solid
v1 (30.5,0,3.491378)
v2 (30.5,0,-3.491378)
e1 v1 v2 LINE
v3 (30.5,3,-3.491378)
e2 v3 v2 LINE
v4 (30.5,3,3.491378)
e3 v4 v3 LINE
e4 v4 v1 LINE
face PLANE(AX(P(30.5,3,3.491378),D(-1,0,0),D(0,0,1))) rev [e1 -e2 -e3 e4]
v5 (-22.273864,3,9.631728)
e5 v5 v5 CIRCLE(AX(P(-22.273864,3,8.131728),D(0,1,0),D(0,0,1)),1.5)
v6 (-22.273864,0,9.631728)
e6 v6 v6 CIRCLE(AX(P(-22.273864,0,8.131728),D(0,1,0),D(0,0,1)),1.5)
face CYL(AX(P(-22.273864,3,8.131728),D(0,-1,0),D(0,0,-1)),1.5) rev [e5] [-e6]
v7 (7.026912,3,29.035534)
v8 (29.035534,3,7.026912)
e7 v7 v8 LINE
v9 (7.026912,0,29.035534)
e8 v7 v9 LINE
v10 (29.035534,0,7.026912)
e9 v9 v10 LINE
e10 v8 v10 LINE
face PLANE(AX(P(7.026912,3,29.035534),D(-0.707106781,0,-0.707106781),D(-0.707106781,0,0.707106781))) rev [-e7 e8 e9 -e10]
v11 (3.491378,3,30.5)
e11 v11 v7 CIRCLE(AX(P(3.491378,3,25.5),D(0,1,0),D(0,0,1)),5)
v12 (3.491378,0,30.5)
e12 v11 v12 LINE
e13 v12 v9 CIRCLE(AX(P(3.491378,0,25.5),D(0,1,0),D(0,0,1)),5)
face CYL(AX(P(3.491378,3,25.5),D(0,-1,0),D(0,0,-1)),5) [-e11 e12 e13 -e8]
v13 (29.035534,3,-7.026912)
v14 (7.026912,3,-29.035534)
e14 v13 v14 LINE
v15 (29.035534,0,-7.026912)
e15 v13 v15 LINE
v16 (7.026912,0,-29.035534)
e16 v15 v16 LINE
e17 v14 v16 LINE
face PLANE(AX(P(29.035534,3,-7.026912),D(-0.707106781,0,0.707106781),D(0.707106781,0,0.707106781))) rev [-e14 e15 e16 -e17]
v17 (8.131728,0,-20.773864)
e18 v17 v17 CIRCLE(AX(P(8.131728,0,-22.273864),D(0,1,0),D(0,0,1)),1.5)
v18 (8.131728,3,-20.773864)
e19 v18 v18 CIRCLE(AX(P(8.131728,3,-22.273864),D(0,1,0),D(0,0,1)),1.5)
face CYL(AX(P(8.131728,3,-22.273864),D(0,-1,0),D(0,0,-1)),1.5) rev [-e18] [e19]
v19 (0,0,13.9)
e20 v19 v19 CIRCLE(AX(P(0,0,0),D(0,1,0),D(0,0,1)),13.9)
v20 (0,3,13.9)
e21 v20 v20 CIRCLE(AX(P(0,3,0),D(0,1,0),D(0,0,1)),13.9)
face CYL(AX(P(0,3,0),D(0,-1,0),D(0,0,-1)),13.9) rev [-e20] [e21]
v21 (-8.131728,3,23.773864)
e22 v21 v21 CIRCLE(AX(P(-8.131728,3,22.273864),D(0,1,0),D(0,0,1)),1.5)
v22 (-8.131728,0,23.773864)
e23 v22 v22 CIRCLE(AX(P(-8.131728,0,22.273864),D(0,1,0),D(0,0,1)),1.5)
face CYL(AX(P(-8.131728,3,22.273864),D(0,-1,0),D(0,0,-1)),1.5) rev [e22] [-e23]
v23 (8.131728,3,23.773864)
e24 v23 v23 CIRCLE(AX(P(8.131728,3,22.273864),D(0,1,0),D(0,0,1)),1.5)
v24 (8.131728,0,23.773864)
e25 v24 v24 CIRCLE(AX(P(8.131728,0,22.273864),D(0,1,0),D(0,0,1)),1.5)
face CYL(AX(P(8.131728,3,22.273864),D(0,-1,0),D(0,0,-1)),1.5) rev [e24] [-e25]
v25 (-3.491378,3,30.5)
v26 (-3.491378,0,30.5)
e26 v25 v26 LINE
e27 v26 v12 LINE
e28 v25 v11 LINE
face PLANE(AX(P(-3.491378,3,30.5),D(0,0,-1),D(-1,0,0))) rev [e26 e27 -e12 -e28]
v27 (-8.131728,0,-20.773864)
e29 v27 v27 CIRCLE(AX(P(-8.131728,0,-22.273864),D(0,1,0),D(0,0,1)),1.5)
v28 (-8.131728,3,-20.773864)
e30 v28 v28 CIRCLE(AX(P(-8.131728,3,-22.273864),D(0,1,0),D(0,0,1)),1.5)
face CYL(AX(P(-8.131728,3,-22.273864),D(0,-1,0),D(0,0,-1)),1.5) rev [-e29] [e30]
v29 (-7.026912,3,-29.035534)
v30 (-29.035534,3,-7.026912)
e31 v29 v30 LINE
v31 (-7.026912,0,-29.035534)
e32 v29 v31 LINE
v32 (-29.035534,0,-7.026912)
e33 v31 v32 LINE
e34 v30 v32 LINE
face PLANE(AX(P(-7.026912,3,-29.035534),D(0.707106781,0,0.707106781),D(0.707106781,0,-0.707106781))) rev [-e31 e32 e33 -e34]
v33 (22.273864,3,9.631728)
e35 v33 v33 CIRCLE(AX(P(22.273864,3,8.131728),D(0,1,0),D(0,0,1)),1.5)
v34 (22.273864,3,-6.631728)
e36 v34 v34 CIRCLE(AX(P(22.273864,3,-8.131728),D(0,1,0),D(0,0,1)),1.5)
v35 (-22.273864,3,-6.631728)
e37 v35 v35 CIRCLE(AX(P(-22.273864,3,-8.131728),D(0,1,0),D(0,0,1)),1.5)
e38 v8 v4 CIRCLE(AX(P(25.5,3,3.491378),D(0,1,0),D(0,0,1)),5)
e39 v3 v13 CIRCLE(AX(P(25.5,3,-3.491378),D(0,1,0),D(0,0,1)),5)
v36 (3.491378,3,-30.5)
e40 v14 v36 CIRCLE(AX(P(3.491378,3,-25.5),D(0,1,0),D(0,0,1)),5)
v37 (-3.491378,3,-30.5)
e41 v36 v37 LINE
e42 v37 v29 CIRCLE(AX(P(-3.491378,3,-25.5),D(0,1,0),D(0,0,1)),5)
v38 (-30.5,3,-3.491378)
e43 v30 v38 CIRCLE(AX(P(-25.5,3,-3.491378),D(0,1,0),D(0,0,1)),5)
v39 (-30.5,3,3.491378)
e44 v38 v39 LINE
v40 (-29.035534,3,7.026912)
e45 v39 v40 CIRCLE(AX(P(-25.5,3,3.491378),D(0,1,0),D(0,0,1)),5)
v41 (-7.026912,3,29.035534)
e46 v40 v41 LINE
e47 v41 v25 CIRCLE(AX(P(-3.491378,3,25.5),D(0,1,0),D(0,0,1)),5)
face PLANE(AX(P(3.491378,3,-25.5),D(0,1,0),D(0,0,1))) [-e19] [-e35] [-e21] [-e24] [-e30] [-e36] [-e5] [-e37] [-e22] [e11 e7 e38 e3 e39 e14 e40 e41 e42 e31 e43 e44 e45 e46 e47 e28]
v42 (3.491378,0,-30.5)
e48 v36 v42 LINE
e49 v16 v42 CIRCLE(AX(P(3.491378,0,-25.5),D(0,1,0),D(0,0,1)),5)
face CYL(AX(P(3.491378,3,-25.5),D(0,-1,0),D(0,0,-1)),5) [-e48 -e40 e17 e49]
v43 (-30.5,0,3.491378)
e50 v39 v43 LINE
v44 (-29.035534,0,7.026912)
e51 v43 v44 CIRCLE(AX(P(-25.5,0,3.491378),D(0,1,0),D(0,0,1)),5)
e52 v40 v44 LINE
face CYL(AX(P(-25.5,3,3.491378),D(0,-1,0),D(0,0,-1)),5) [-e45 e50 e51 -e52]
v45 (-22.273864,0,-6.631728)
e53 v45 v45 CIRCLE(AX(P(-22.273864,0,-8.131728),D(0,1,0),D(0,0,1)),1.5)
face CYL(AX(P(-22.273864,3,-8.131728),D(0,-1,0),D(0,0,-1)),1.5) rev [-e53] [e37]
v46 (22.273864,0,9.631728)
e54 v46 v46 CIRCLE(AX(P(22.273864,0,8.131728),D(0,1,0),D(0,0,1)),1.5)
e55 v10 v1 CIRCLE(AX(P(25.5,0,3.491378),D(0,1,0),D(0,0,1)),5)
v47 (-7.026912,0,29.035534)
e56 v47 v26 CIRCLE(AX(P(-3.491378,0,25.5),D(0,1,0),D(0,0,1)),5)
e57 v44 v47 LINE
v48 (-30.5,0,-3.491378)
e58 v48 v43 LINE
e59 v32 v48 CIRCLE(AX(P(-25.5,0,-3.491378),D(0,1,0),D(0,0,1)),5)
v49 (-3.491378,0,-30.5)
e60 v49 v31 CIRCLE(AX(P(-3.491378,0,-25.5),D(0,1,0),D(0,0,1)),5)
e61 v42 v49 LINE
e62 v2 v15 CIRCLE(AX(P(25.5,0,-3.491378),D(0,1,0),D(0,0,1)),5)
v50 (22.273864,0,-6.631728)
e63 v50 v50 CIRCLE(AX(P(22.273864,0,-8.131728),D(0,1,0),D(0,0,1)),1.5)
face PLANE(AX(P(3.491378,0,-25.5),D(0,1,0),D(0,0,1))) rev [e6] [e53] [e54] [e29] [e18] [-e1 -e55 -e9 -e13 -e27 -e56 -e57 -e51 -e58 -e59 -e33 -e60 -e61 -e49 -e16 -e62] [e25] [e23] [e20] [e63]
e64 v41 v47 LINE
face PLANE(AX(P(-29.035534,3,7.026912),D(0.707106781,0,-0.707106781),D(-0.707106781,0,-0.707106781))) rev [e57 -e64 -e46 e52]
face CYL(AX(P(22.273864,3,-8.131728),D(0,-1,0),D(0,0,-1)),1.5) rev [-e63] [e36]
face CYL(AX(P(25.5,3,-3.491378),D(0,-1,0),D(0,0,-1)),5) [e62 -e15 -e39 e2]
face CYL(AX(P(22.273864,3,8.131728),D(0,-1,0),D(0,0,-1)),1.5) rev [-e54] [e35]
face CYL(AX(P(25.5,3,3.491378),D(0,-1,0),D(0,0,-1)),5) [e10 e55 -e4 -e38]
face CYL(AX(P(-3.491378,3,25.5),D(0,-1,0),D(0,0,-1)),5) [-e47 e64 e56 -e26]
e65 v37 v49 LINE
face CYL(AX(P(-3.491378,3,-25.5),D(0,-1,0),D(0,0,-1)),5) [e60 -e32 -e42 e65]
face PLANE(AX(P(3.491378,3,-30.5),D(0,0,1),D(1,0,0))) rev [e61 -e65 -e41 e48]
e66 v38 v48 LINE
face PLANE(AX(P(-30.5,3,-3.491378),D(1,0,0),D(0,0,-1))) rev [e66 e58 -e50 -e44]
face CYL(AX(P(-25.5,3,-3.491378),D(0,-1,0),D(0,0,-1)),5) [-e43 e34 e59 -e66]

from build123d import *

# Parameters (mm, degrees)
SKETCH1_R           = 1.5
SKETCH1_R_2         = 13.9
BOSS_EXTRUDE1_DEPTH = 3


with BuildPart() as part:
    # Sketch1 → Boss-Extrude1 (new body)
    with BuildSketch(Plane(origin=(0, 0, 0), x_dir=(1, 0, 0), z_dir=(0, 1, 0))):
        with BuildLine():
            Line((3.491378029, 30.5), (-3.491378029, 30.5))
            ThreePointArc((-3.491378029, 30.5), (-5.40479519, 30.119397663), (-7.026911935, 29.035533906))
            Line((-7.026911935, 29.035533906), (-29.035533906, 7.026911935))
            ThreePointArc((-29.035533906, 7.026911935), (-30.119397663, 5.40479519), (-30.5, 3.491378029))
            Line((-30.5, 3.491378029), (-30.5, -3.491378029))
            ThreePointArc((-30.5, -3.491378029), (-30.119397663, -5.40479519), (-29.035533906, -7.026911935))
            Line((-29.035533906, -7.026911935), (-7.026911935, -29.035533906))
            ThreePointArc((-7.026911935, -29.035533906), (-5.40479519, -30.119397663), (-3.491378029, -30.5))
            Line((-3.491378029, -30.5), (3.491378029, -30.5))
            ThreePointArc((3.491378029, -30.5), (5.40479519, -30.119397663), (7.026911935, -29.035533906))
            Line((7.026911935, -29.035533906), (29.035533906, -7.026911935))
            ThreePointArc((29.035533906, -7.026911935), (30.119397663, -5.40479519), (30.5, -3.491378029))
            Line((30.5, -3.491378029), (30.5, 3.491378029))
            ThreePointArc((30.5, 3.491378029), (30.119397663, 5.40479519), (29.035533906, 7.026911935))
            Line((29.035533906, 7.026911935), (7.026911935, 29.035533906))
            ThreePointArc((7.026911935, 29.035533906), (5.40479519, 30.119397663), (3.491378029, 30.5))
        make_face()
        with Locations((-8.131727984, -22.273863607)):
            Circle(SKETCH1_R, mode=Mode.SUBTRACT)
        with Locations((8.131727984, -22.273863607)):
            Circle(SKETCH1_R, mode=Mode.SUBTRACT)
        with Locations((22.273863607, -8.131727984)):
            Circle(SKETCH1_R, mode=Mode.SUBTRACT)
        with Locations((22.273863607, 8.131727984)):
            Circle(SKETCH1_R, mode=Mode.SUBTRACT)
        with Locations((8.131727984, 22.273863607)):
            Circle(SKETCH1_R, mode=Mode.SUBTRACT)
        with Locations((-8.131727984, 22.273863607)):
            Circle(SKETCH1_R, mode=Mode.SUBTRACT)
        with Locations((-22.273863607, -8.131727984)):
            Circle(SKETCH1_R, mode=Mode.SUBTRACT)
        with Locations((-22.273863607, 8.131727984)):
            Circle(SKETCH1_R, mode=Mode.SUBTRACT)
        Circle(SKETCH1_R_2, mode=Mode.SUBTRACT)
    extrude(amount=BOSS_EXTRUDE1_DEPTH)


solid = part.part
